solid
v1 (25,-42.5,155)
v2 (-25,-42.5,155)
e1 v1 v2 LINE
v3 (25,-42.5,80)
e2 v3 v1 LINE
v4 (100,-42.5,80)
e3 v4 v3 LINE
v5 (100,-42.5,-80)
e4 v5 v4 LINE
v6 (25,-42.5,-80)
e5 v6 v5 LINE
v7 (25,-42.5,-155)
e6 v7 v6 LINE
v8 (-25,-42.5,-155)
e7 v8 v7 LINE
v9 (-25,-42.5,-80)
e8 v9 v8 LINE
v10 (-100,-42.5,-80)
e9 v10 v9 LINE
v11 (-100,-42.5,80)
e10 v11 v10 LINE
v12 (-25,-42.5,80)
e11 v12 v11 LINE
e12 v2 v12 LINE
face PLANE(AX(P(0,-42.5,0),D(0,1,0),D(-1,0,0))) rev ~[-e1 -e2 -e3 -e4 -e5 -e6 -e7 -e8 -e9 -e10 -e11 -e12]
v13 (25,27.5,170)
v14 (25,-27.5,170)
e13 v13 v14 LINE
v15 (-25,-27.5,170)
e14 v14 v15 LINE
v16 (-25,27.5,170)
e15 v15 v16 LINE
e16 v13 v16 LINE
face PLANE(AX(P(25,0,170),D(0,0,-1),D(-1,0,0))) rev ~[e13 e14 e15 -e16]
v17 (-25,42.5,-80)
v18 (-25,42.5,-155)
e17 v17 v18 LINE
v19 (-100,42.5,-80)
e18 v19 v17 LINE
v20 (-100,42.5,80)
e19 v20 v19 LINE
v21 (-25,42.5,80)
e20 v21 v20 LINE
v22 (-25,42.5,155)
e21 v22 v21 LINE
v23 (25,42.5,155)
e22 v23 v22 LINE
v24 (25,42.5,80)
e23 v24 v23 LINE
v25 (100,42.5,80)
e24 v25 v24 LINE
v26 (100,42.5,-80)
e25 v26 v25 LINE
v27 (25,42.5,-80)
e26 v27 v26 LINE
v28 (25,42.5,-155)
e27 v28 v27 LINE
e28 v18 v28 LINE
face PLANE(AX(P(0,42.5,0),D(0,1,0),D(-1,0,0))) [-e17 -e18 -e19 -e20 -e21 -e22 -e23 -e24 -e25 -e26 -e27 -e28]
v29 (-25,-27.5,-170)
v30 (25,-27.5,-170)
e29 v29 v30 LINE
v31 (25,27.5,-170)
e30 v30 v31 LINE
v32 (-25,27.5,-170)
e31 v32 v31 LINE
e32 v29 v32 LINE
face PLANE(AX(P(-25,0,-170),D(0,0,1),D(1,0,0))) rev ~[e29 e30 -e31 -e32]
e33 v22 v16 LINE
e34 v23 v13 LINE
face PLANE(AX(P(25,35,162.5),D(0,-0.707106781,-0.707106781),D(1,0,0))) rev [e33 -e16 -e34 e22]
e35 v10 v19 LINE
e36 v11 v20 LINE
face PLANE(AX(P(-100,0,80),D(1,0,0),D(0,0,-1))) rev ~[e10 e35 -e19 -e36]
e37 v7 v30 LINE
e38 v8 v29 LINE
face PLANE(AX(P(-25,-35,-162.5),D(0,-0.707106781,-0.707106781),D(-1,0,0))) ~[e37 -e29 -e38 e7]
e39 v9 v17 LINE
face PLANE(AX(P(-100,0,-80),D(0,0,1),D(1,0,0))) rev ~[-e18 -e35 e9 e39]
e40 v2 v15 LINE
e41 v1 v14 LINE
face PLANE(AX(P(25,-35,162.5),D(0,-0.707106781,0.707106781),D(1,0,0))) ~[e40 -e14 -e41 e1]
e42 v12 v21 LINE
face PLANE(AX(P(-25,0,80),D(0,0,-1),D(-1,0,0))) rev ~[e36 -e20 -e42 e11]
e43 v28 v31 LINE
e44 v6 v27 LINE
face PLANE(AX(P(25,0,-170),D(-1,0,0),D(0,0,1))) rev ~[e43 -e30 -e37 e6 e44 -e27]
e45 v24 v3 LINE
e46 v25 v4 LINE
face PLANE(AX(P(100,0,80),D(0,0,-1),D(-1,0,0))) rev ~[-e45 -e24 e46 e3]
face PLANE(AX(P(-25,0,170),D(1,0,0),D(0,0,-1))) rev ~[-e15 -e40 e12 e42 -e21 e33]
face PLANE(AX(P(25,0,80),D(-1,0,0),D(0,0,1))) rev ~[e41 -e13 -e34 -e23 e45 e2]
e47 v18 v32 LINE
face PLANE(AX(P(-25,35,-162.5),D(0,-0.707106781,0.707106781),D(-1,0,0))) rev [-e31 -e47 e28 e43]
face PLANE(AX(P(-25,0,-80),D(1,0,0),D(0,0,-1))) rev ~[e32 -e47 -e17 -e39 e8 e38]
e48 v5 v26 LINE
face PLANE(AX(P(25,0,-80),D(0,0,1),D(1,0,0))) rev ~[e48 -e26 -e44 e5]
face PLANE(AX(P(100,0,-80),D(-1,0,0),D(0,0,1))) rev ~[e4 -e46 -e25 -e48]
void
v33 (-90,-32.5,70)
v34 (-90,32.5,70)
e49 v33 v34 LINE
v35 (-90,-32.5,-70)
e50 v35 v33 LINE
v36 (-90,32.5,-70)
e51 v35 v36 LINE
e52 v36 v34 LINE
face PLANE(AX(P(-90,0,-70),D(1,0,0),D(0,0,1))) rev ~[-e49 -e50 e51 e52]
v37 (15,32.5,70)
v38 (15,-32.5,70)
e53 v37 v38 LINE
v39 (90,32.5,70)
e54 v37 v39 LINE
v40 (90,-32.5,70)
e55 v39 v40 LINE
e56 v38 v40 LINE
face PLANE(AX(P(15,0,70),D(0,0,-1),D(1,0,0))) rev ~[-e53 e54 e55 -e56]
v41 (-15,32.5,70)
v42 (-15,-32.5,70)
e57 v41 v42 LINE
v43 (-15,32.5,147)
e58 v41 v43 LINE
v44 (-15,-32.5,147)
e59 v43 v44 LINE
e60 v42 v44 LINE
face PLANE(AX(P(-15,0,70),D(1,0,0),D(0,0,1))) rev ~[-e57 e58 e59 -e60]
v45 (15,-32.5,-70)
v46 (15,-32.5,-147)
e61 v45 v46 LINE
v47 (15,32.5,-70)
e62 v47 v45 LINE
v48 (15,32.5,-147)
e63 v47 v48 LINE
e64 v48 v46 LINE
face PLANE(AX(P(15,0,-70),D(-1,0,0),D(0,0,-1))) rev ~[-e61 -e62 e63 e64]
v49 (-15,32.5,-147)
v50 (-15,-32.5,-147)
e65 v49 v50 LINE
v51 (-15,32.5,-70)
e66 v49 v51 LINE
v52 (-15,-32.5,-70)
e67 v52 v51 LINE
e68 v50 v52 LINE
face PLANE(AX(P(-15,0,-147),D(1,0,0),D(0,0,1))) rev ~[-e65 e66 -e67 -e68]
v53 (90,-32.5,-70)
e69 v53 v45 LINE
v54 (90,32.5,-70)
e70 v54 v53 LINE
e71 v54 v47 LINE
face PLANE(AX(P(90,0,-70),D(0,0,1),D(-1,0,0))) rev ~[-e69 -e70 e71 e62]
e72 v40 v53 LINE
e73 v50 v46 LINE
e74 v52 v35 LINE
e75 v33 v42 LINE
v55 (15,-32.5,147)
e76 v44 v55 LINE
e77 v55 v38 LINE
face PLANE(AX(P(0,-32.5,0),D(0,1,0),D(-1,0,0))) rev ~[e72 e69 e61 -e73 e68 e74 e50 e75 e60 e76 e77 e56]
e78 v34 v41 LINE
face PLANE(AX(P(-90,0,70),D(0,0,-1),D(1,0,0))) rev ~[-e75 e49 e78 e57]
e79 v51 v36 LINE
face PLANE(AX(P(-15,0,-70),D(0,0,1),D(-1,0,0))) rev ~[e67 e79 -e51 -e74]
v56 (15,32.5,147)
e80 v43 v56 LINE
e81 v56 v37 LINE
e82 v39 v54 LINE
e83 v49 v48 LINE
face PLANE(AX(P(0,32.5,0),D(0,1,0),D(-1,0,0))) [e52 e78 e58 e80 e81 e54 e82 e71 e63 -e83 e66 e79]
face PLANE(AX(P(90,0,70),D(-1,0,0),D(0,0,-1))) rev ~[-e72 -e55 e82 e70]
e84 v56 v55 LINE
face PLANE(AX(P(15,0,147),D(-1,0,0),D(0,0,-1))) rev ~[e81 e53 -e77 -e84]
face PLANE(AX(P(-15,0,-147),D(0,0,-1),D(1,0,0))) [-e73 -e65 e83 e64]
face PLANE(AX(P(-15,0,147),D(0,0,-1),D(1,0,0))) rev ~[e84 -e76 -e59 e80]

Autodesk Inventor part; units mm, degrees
ref_plane "YZ Plane" through (0, 0, 0) normal (1, 0, 0) x (0, 1, 0)
ref_plane "XZ Plane" through (0, 0, 0) normal (0, 1, 0) x (-1, 0, 0)
ref_plane "XY Plane" through (0, 0, 0) normal (0, 0, 1) x (1, 0, 0)
sketch "Sketch1" plane through (0, 0, 0) normal (0, 1, 0) x (-1, 0, 0)
  line L0 (-100, -80) -> (-100, 80)
  line L1 (100, 80) -> (100, -80)
  line L2 (100, -80) -> (-100, 80) construction
  line L3 (-100, -80) -> (100, 80) construction
  line L4 (25, -170) -> (-25, -170)
  line L5 (-25, 170) -> (25, 170)
  line L6 (25, -170) -> (-25, 170) construction
  line L7 (-25, -170) -> (25, 170) construction
  line L8 (25, 170) -> (25, 80)
  line L9 (25, -80) -> (25, -170)
  line L10 (100, -80) -> (25, -80)
  line L11 (-25, -80) -> (-100, -80)
  line L12 (-25, -170) -> (-25, -80)
  line L13 (-25, 80) -> (-25, 170)
  line L14 (-100, 80) -> (-25, 80)
  line L15 (25, 80) -> (100, 80)
  line L16 (100, 0) -> (-100, 0) construction
  line L17 (0, -170) -> (0, 170) construction
  line L18 (15, -70) -> (90, -70)
  line L19 (90, -70) -> (90, 70)
  line L20 (90, 70) -> (15, 70)
  line L21 (15, 70) -> (15, 160)
  line L22 (15, 160) -> (-15, 160)
  line L23 (-15, 160) -> (-15, 70)
  line L24 (-15, 70) -> (-90, 70)
  line L25 (-90, 70) -> (-90, -70)
  line L26 (-90, -70) -> (-15, -70)
  line L27 (-15, -70) -> (-15, -160)
  line L28 (-15, -160) -> (15, -160)
  line L29 (15, -160) -> (15, -70)
  line L30 (15, -147) -> (-15, -147)
  line L31 (15, 147) -> (-15, 147)
  point P0 (0, 0)
  dimension "d0" = 50
  dimension "d1" = 200
  dimension "d2" = 340
  dimension "d3" = 160
  dimension "d9" = 10
  dimension "d10" = 23
  dimension "d11" = 23
extrude "Extrusion1" add sketch "Sketch1" along normal mid plane 85 contours L0 L14 L13 L5 L8 L15 L1 L10 L9 L4 L12 L11 | L29 L30 L27 L26 L25 L24 L23 L31 L21 L20 L19 L18 | L29 L28 L27 L30 | L31 L23 L22 L21
chamfer "Chamfer1" distance 15 angle 45 4 edges at (0, 42.5, 170) (0, -42.5, 170) (0, 42.5, -170) (0, -42.5, -170)
extrude "Extrusion2" cut sketch "Sketch1" along normal mid plane 65 contours L29 L30 L27 L26 L25 L24 L23 L31 L21 L20 L19 L18
